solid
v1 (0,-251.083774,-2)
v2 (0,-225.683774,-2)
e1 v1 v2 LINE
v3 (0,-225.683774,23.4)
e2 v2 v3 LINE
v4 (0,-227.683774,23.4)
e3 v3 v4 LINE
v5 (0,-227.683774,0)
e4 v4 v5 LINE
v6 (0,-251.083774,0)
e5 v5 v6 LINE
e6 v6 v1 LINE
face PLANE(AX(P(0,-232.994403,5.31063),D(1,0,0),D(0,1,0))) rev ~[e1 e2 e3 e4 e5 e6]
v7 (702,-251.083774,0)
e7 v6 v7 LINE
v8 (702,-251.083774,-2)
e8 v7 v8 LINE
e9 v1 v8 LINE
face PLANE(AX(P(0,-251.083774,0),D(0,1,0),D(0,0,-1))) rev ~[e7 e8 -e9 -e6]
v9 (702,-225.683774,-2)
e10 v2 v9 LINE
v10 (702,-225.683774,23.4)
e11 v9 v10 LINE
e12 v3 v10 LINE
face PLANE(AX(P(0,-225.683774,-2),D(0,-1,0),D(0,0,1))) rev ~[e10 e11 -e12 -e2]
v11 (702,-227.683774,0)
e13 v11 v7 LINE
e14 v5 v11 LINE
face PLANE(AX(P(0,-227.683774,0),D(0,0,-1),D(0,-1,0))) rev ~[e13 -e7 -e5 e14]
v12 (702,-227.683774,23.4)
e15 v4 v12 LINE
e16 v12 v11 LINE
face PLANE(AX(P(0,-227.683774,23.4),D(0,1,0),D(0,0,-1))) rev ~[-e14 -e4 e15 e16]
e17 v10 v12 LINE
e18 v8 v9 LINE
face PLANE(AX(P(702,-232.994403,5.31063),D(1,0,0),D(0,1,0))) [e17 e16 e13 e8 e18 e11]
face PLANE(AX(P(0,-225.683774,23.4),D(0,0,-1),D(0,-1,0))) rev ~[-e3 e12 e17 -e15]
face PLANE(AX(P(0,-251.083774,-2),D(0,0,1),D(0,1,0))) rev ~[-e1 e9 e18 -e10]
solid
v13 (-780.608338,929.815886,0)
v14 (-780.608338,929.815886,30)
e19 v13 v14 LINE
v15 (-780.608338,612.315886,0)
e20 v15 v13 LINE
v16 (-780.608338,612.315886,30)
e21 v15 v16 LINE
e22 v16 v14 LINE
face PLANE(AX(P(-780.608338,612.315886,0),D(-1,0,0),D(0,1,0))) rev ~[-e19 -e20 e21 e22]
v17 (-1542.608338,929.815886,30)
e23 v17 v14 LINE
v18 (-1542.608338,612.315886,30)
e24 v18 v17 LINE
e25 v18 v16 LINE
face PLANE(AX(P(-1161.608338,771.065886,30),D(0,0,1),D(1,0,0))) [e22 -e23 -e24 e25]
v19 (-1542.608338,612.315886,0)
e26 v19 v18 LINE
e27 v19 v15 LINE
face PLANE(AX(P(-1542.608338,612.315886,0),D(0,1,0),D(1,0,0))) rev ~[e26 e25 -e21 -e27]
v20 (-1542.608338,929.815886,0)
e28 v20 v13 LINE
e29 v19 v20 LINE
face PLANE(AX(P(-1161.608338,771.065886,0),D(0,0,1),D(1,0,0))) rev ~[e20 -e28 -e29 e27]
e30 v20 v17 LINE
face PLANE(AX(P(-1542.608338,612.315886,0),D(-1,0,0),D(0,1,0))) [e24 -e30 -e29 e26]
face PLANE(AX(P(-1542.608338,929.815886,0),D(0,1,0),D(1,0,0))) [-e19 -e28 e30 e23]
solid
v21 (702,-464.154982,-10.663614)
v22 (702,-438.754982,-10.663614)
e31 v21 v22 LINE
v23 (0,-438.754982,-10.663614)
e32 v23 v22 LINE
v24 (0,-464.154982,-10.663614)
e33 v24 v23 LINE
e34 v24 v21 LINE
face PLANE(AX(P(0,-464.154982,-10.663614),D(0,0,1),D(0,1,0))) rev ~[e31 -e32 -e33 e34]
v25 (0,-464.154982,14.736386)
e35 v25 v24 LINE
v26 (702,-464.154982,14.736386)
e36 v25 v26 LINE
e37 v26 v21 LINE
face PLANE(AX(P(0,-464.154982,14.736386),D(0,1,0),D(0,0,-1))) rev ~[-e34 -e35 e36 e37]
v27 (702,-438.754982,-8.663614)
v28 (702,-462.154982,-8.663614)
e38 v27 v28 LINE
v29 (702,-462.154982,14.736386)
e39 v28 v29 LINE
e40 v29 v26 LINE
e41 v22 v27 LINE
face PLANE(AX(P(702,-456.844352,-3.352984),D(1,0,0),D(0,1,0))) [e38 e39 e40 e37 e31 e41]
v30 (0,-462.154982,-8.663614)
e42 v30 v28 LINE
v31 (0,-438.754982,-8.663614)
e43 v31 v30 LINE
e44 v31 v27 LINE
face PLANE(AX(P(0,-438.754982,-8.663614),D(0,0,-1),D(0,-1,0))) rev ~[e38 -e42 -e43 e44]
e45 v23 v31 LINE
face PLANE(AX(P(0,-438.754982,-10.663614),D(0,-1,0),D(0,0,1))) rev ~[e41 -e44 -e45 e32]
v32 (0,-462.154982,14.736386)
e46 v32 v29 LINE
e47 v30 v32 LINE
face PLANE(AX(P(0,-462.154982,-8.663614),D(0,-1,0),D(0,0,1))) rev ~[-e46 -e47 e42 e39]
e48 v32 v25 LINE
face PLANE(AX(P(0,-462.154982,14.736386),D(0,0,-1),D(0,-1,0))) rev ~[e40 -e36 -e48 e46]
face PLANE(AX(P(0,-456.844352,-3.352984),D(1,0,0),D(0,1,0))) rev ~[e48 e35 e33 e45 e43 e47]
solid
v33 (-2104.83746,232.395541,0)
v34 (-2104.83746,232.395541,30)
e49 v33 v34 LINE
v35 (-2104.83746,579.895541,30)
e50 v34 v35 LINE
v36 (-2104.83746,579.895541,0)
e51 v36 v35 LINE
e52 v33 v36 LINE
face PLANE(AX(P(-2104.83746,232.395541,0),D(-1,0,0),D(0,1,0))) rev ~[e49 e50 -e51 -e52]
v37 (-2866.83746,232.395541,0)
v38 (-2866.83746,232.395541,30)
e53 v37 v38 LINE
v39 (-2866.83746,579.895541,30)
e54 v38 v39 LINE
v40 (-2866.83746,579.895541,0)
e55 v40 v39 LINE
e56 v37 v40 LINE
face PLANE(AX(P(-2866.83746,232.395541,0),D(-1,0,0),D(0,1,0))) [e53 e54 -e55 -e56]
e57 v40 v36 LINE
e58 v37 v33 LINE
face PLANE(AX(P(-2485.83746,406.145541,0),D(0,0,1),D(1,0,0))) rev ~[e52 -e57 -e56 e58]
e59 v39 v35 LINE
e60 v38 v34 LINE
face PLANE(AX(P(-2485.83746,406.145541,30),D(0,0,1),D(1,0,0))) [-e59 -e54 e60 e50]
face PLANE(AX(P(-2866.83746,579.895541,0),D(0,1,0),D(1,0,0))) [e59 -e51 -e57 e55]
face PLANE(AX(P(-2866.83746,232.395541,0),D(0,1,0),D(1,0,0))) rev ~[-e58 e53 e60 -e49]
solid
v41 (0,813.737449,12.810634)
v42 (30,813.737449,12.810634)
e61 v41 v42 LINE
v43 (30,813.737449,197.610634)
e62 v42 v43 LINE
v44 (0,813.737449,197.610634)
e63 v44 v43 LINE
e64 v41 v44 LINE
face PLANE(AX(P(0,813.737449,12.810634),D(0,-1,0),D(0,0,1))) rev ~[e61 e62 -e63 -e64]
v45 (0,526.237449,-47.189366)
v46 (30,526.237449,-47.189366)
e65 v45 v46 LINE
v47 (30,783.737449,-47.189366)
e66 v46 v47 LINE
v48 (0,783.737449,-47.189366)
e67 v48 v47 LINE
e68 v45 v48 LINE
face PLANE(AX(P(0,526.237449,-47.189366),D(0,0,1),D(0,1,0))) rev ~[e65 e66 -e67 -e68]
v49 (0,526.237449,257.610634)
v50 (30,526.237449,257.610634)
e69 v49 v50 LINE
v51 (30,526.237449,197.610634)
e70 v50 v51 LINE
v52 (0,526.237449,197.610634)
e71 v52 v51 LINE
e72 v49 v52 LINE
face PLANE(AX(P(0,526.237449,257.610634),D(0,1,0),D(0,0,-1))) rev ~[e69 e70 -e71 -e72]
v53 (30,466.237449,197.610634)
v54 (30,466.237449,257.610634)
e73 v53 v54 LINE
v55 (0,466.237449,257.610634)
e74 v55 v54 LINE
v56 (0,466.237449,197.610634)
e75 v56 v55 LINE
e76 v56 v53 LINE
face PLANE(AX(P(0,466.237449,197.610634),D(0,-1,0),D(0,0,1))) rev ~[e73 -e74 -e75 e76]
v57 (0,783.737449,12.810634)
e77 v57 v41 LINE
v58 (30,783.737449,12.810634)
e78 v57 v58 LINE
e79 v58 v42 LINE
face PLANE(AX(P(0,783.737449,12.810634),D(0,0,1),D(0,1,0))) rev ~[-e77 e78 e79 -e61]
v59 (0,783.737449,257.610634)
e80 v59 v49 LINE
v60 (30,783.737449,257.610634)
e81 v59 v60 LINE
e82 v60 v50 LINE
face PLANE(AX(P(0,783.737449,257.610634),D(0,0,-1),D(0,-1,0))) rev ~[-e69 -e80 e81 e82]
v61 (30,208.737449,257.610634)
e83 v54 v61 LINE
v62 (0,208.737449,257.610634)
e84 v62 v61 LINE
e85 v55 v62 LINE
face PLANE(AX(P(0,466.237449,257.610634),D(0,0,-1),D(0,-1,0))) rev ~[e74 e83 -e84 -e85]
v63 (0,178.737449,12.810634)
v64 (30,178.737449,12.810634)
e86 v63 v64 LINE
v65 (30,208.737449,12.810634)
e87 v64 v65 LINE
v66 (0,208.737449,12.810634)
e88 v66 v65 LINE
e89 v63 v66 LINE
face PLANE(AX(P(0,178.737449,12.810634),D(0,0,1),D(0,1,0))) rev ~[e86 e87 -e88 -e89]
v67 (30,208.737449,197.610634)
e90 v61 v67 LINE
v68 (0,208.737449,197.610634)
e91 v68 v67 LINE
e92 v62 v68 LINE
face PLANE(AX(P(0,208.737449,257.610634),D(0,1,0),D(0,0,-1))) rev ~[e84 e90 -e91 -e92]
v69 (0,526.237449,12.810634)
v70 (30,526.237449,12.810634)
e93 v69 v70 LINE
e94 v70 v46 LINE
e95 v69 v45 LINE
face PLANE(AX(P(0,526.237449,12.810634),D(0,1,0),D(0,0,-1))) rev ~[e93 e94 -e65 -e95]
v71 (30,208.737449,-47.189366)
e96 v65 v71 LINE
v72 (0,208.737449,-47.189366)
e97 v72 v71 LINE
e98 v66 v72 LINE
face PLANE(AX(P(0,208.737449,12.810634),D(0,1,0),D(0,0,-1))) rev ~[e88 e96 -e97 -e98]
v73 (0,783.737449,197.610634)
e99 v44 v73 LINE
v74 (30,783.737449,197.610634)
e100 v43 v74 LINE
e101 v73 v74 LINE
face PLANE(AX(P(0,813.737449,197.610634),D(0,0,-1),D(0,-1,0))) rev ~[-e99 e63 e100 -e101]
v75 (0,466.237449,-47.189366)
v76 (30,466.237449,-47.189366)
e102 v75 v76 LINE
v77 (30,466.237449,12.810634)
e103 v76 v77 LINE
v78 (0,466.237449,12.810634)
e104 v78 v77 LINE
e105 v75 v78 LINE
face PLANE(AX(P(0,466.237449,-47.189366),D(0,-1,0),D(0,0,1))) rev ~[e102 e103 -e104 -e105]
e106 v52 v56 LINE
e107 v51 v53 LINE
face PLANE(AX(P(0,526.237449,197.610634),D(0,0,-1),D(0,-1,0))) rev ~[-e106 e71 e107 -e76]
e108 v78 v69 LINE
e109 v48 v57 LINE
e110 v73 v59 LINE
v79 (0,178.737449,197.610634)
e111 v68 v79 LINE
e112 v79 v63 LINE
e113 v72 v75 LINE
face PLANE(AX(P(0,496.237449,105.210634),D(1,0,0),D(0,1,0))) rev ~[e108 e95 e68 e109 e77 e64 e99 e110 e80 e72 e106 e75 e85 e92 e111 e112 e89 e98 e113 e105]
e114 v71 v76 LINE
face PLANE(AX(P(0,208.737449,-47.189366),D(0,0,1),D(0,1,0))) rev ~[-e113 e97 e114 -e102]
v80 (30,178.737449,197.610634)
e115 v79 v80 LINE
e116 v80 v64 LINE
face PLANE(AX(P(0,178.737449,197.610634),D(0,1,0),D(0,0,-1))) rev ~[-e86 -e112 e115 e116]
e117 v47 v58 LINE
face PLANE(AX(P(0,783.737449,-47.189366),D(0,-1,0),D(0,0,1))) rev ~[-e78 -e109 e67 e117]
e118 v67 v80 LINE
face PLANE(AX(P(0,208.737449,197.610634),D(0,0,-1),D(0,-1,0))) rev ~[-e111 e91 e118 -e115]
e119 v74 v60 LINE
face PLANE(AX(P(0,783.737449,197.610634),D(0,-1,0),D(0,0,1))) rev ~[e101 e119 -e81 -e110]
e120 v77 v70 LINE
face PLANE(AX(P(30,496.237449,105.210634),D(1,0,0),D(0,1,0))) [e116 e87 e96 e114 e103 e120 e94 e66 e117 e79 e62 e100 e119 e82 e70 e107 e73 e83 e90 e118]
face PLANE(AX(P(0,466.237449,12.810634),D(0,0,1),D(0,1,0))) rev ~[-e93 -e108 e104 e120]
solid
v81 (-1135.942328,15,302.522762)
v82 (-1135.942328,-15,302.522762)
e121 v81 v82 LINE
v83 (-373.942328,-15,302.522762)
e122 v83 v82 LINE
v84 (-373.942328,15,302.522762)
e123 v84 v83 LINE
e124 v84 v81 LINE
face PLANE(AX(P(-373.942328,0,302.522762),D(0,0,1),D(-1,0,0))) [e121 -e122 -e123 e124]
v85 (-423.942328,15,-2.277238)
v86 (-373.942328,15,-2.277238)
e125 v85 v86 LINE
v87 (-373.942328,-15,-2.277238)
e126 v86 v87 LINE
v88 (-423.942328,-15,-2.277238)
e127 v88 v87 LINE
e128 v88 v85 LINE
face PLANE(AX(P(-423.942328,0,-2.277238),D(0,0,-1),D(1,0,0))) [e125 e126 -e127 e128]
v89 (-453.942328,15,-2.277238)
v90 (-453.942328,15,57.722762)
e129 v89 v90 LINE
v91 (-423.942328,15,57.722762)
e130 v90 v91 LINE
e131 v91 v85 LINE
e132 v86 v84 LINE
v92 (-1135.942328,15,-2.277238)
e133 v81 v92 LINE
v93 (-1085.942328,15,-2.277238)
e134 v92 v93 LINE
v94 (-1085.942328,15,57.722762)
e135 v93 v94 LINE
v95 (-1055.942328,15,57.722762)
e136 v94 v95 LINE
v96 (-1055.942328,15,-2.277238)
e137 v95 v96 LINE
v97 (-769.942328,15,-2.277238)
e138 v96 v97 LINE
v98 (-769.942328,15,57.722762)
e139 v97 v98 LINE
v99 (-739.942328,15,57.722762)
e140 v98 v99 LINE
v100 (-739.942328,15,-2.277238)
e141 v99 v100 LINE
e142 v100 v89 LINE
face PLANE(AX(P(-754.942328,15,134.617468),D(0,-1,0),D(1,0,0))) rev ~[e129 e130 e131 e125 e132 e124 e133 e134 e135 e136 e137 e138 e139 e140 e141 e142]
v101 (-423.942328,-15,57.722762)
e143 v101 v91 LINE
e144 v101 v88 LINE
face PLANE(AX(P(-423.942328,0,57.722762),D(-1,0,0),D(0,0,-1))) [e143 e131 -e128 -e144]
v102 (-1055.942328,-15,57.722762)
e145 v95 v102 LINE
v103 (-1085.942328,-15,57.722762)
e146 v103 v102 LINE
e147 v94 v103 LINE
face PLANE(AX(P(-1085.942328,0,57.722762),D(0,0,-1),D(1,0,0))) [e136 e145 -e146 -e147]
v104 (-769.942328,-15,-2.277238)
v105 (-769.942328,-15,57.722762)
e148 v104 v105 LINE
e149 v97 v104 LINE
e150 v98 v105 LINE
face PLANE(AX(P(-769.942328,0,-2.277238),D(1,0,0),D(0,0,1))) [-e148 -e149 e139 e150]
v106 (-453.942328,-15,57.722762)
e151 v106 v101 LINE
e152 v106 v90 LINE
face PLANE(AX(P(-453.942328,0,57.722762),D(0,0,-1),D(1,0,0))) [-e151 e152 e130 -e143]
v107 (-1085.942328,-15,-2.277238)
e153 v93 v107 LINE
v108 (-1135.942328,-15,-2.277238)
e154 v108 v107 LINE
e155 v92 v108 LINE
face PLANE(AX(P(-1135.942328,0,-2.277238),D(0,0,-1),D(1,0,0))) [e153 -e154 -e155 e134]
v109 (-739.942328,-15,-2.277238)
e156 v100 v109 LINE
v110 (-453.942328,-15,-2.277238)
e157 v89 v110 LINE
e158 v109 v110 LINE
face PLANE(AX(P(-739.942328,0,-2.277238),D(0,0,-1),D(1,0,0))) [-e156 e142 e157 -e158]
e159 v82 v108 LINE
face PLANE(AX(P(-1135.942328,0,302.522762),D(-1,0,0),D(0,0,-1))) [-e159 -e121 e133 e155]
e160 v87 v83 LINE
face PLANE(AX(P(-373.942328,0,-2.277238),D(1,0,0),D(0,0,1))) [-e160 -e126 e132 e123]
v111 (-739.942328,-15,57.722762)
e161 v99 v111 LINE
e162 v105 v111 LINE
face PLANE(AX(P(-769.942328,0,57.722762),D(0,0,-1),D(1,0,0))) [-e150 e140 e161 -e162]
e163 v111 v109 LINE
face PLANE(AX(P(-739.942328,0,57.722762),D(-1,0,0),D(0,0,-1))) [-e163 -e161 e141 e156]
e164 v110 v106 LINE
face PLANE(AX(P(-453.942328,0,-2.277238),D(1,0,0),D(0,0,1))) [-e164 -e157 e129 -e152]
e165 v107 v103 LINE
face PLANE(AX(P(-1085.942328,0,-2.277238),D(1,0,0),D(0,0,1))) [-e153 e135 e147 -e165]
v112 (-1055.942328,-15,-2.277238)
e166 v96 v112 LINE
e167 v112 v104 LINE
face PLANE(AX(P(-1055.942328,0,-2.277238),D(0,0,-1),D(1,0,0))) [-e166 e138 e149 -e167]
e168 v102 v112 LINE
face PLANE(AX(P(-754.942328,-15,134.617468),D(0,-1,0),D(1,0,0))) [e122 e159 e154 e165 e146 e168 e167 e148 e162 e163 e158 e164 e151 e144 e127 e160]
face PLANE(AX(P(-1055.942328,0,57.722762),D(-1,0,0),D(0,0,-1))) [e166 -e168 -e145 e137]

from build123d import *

# Parameters (mm, degrees)
F1_DEPTH  = 30
F3_DEPTH  = 15
F4_W      = 762
F4_H      = 317.5
F5_DEPTH  = 30
F6_W      = 762
F6_H      = 347.5
F7_DEPTH  = 30
F9_DEPTH  = 702
F11_DEPTH = 702


with BuildPart() as f1:
    # F0 (on Right) → F1 (new body)
    with BuildSketch(Plane.YZ):
        Polygon((466.2374494703, 257.6106337394), (208.7374494703, 257.6106337394), (208.7374494703, 197.6106337394), (178.7374494703, 197.6106337394), (178.7374494703, 12.8106337394), (208.7374494703, 12.8106337394), (208.7374494703, -47.1893662606), (466.2374494703, -47.1893662606), (466.2374494703, 12.8106337394), (496.2374494703, 12.8106337394), (526.2374494703, 12.8106337394), (526.2374494703, -47.1893662606), (783.7374494703, -47.1893662606), (783.7374494703, 12.8106337394), (813.7374494703, 12.8106337394), (813.7374494703, 197.6106337394), (783.7374494703, 197.6106337394), (783.7374494703, 257.6106337394), (526.2374494703, 257.6106337394), (526.2374494703, 197.6106337394), (496.2374494703, 197.6106337394), (466.2374494703, 197.6106337394), align=None)
    extrude(amount=F1_DEPTH)


with BuildPart() as f3:
    # F2 (on Front) → F3 (new body, symmetric)
    with BuildSketch(Plane.XZ):
        Polygon((-423.9423278741, -2.2772382736), (-373.9423278741, -2.2772382736), (-373.9423278741, 302.5227617264), (-739.9423278741, 302.5227617264), (-769.9423278741, 302.5227617264), (-1135.9423278741, 302.5227617264), (-1135.9423278741, -2.2772382736), (-1085.9423278741, -2.2772382736), (-1085.9423278741, 57.7227617264), (-1055.9423278741, 57.7227617264), (-1055.9423278741, -2.2772382736), (-769.9423278741, -2.2772382736), (-769.9423278741, 57.7227617264), (-739.9423278741, 57.7227617264), (-739.9423278741, -2.2772382736), (-453.9423278741, -2.2772382736), (-453.9423278741, 57.7227617264), (-423.9423278741, 57.7227617264), align=None)
    extrude(amount=F3_DEPTH, both=True)


with BuildPart() as f5:
    # F4 (on Top) → F5 (new body)
    with BuildSketch(Plane.XY):
        with Locations((-1161.608338356, 771.0658864038)):
            Rectangle(F4_W, F4_H)
    extrude(amount=F5_DEPTH)


with BuildPart() as f7:
    # F6 (on Top) → F7 (new body)
    with BuildSketch(Plane.XY):
        with Locations((-2485.8374595642, 406.1455408742)):
            Rectangle(F6_W, F6_H)
    extrude(amount=F7_DEPTH)


with BuildPart() as f9:
    # F8 (on Right) → F9 (new body)
    with BuildSketch(Plane.YZ):
        Polygon((-462.1549821615, 14.736385662), (-464.1549821615, 14.736385662), (-464.1549821615, -10.663614338), (-438.7549821615, -10.663614338), (-438.7549821615, -8.663614338), (-462.1549821615, -8.663614338), align=None)
    extrude(amount=F9_DEPTH)


with BuildPart() as f11:
    # F10 (on Right) → F11 (new body)
    with BuildSketch(Plane.YZ):
        Polygon((-225.6837735602, -2), (-225.6837735602, 23.4), (-227.6837735602, 23.4), (-227.6837735602, 0), (-251.0837735602, 0), (-251.0837735602, -2), align=None)
    extrude(amount=F11_DEPTH)


solid = Compound([f1.part, f3.part, f5.part, f7.part, f9.part, f11.part])
